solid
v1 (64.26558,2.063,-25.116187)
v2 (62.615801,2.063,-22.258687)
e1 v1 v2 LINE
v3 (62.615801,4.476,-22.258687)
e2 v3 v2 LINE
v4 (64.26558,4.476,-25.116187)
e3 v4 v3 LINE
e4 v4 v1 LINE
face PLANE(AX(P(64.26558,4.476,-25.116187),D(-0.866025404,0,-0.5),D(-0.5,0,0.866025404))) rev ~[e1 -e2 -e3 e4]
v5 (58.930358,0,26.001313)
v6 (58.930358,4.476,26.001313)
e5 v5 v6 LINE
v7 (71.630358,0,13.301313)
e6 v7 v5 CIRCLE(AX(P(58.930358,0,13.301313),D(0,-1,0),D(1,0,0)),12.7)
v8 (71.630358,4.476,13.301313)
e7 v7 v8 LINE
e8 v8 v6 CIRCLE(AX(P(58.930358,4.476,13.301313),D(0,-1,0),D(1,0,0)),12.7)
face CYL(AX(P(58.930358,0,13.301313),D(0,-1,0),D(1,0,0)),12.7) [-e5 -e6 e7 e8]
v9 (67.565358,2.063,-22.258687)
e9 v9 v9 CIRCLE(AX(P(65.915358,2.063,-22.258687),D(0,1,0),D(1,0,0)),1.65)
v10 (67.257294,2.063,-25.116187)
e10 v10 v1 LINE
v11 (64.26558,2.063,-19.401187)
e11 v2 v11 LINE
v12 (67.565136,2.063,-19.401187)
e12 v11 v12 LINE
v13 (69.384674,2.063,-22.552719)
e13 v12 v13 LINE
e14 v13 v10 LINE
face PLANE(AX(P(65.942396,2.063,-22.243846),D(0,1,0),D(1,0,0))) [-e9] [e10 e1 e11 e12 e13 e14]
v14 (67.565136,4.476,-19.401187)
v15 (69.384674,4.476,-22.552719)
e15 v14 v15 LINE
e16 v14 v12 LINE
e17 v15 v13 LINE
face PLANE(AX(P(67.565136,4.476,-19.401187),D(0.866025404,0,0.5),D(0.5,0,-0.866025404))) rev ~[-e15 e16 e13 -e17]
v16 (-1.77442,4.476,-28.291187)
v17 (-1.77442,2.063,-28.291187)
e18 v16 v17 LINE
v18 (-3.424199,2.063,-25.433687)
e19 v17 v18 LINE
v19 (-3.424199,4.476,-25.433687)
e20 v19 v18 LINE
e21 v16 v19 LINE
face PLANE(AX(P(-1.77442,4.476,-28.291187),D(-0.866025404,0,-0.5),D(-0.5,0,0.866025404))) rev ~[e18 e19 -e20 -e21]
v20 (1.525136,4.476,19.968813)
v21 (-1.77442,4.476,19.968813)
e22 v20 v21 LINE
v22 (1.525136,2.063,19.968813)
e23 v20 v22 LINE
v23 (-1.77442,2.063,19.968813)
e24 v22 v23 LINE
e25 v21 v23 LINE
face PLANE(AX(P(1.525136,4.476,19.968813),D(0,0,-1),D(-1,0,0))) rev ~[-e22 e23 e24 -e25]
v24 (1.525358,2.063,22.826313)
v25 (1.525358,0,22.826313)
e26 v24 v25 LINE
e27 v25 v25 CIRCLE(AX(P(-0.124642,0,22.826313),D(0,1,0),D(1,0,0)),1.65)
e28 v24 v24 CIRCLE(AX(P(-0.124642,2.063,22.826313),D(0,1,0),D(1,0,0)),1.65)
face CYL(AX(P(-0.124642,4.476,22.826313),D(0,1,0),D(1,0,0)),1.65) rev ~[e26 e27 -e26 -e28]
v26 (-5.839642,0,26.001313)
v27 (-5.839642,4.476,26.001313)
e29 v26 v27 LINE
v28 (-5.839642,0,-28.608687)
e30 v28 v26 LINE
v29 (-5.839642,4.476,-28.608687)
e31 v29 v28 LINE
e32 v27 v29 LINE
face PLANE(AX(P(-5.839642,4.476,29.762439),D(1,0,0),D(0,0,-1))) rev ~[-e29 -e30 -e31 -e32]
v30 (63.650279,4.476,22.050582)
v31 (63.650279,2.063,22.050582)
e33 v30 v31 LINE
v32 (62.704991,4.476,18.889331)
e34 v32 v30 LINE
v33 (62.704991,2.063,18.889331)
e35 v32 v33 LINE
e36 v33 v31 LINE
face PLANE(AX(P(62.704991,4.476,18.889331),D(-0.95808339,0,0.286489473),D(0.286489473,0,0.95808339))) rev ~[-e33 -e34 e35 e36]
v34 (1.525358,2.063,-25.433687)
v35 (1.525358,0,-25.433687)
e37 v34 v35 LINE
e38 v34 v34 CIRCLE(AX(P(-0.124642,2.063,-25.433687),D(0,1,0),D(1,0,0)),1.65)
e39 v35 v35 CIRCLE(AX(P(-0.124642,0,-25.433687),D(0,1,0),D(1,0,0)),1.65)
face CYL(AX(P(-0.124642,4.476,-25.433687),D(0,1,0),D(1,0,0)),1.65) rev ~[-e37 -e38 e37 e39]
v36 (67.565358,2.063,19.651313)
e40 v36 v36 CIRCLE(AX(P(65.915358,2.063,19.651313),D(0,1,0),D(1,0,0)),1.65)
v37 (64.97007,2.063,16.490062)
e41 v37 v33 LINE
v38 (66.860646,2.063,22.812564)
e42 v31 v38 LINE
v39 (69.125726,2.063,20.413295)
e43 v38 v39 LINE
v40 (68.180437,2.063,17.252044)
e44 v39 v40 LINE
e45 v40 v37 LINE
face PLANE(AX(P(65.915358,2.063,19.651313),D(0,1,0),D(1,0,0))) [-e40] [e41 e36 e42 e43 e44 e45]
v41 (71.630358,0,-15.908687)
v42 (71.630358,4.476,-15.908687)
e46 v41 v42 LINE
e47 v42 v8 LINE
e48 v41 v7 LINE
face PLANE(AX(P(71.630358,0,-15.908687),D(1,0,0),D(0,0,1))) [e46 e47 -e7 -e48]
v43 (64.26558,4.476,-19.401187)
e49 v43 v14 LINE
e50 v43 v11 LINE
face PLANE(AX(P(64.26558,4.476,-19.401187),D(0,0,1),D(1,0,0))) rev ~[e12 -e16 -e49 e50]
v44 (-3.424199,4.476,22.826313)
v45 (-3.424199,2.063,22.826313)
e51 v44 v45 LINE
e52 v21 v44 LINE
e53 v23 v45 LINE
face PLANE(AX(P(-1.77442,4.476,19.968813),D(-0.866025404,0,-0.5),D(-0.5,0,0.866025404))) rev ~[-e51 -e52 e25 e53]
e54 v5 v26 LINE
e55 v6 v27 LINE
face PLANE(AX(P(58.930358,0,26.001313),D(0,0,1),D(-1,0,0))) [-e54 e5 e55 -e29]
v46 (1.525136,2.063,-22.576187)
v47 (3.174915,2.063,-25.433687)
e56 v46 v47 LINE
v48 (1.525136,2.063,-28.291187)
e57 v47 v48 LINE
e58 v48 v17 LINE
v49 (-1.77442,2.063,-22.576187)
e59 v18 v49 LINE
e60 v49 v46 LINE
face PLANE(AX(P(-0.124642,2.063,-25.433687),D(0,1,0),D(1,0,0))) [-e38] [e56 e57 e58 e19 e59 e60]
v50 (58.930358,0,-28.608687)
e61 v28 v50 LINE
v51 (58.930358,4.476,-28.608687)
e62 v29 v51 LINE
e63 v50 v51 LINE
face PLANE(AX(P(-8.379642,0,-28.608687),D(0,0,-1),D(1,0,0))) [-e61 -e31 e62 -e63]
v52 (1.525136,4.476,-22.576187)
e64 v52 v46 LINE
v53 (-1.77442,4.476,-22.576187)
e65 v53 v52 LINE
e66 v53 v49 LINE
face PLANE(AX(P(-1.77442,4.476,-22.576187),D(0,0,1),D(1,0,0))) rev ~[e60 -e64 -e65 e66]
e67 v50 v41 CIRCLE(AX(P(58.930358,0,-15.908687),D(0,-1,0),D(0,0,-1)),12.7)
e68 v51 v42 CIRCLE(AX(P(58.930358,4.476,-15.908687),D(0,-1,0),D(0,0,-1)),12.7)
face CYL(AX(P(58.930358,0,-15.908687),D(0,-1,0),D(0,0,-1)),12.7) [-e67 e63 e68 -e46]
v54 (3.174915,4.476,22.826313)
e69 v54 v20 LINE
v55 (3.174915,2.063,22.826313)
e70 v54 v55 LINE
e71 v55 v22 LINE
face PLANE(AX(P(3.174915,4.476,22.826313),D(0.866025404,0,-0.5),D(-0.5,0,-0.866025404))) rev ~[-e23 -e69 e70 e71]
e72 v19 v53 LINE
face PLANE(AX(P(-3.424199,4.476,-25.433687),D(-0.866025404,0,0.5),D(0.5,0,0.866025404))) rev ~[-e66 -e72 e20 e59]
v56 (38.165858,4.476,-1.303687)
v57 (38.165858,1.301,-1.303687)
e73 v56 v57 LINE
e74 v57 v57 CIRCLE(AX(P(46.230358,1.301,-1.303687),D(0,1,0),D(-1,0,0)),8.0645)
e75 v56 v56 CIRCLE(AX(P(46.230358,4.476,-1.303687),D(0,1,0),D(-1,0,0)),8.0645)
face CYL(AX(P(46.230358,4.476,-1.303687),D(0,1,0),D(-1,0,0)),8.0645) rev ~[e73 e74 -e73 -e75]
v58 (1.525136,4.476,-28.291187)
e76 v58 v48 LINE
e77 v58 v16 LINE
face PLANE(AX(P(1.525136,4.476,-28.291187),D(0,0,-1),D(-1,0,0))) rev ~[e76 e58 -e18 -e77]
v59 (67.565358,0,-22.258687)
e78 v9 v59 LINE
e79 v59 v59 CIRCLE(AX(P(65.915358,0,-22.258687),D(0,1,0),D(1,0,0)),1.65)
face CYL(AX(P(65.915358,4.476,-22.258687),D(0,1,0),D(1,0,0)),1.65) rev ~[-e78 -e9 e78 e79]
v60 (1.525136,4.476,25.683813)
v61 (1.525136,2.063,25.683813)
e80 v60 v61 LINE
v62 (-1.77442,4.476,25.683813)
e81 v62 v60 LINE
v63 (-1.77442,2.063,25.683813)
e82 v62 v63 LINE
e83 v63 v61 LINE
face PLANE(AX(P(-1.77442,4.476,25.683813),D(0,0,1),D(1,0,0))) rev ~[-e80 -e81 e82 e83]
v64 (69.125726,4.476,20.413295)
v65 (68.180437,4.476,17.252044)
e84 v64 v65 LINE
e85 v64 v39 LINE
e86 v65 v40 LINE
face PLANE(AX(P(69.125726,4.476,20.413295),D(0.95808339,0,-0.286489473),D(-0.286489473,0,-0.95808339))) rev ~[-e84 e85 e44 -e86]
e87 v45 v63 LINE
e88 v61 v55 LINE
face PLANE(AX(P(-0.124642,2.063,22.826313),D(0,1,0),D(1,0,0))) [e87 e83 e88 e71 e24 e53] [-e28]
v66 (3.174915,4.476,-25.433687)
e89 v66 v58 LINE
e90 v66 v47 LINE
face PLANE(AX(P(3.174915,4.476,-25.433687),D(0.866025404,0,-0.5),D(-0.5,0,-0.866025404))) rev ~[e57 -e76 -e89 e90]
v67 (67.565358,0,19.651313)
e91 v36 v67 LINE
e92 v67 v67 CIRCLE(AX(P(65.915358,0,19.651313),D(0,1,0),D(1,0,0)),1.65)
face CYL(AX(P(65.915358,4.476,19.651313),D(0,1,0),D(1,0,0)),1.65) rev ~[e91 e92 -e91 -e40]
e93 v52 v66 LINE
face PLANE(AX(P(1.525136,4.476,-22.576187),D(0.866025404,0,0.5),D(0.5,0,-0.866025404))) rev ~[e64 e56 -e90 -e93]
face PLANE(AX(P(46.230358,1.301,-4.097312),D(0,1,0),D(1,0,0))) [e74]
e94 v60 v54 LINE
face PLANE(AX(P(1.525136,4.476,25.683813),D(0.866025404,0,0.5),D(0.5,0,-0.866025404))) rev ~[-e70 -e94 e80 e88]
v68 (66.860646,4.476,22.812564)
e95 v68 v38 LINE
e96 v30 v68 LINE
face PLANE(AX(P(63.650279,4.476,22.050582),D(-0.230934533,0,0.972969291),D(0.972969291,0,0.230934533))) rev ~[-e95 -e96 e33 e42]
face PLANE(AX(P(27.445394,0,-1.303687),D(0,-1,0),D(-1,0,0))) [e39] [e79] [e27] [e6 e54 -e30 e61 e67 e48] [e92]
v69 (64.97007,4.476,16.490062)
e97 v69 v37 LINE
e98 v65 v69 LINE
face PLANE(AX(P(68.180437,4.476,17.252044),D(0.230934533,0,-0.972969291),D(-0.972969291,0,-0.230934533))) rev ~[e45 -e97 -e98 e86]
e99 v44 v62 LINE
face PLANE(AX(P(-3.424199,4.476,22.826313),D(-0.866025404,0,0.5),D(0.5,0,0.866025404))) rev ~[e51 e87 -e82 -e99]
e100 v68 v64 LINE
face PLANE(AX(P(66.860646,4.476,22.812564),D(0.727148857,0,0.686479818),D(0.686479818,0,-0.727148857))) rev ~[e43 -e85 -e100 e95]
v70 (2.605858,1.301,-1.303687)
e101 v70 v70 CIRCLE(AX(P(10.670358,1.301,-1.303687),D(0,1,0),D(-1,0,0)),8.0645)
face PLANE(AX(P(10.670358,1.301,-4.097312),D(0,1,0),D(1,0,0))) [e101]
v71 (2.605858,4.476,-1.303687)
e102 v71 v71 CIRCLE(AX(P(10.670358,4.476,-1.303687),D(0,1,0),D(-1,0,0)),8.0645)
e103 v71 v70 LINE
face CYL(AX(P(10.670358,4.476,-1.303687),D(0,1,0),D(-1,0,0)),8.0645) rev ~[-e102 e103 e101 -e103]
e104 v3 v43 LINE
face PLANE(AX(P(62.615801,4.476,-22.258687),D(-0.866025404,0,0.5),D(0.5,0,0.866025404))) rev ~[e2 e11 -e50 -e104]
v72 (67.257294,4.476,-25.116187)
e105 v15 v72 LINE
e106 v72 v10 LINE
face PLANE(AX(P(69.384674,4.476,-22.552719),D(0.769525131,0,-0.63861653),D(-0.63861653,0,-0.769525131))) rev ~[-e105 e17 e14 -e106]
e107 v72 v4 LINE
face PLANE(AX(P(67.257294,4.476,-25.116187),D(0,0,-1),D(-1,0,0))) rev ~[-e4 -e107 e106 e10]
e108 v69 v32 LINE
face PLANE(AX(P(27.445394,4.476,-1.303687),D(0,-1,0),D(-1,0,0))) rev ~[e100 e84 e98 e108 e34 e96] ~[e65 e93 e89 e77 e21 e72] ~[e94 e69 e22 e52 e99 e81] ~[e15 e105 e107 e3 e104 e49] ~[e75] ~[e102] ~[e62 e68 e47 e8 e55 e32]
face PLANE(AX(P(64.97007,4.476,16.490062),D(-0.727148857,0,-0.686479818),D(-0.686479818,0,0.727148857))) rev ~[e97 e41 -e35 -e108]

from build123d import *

# Parameters (mm, degrees)
BOSS_EXTRUDE1_DEPTH = 4.476
CUT_EXTRUDE1_DEPTH  = 2.413
SKETCH4_R           = 1.65
CUT_EXTRUDE2_DEPTH  = 5.476
CUT_EXTRUDE3_DEPTH  = 3.175
SKETCH6_W           = 16.984037314
SKETCH6_H           = 62.559907231
CUT_EXTRUDE4_DEPTH  = 5.476


with BuildPart() as part:
    # Sketch1 → Boss-Extrude1 (new body)
    with BuildSketch(Plane(origin=(0, 0, 0), x_dir=(1, 0, 0), z_dir=(0, 1, 0))):
        with BuildLine():
            Line((-8.37964191, 28.608687003), (58.93035809, 28.608687003))
            ThreePointArc((58.93035809, 28.608687003), (67.910614211, 24.888943124), (71.63035809, 15.908687003))
            Line((71.63035809, 15.908687003), (71.63035809, -13.301312997))
            ThreePointArc((71.63035809, -13.301312997), (67.910614211, -22.281569118), (58.93035809, -26.001312997))
            Line((58.93035809, -26.001312997), (-8.37964191, -26.001312997))
            ThreePointArc((-8.37964191, -26.001312997), (-12.86976997, -24.141441058), (-14.72964191, -19.651312997))
            Line((-14.72964191, -19.651312997), (-14.72964191, 22.258687003))
            ThreePointArc((-14.72964191, 22.258687003), (-12.86976997, 26.748815063), (-8.37964191, 28.608687003))
        make_face()
    extrude(amount=BOSS_EXTRUDE1_DEPTH)

    # Sketch2 → Cut-Extrude1 (cut)
    with BuildSketch(Plane(origin=(0, 4.476, 0), x_dir=(1, 0, 0), z_dir=(0, 1, 0))):
        Polygon((64.265579696, 19.401187003), (67.565136484, 19.401187003), (69.384674475, 22.552719249), (67.257293816, 25.116187003), (64.265579696, 25.116187003), (62.615801302, 22.258687003), align=None)
        Polygon((69.12572552, -20.413294604), (68.180437233, -17.252044051), (64.970069804, -16.490062445), (62.704990661, -18.889331391), (63.650278947, -22.050581944), (66.860646377, -22.81256355), align=None)
        Polygon((-1.774420304, 22.576187003), (1.525136484, 22.576187003), (3.174914879, 25.433687003), (1.525136484, 28.291187003), (-1.774420304, 28.291187003), (-3.424198698, 25.433687003), align=None)
        Polygon((-1.774420304, -25.683812997), (1.525136484, -25.683812997), (3.174914879, -22.826312997), (1.525136484, -19.968812997), (-1.774420304, -19.968812997), (-3.424198698, -22.826312997), align=None)
    extrude(amount=-CUT_EXTRUDE1_DEPTH, mode=Mode.SUBTRACT)

    # Sketch4 → Cut-Extrude2 (cut, through all)
    with BuildSketch(Plane(origin=(0, 4.476, 0), x_dir=(1, 0, 0), z_dir=(0, 1, 0))):
        with Locations((-0.12464191, 25.433687003)):
            Circle(SKETCH4_R)
        with Locations((-0.12464191, -22.826312997)):
            Circle(SKETCH4_R)
        with Locations((65.91535809, -19.651312997)):
            Circle(SKETCH4_R)
        with Locations((65.91535809, 22.258687003)):
            Circle(SKETCH4_R)
    extrude(amount=-CUT_EXTRUDE2_DEPTH, mode=Mode.SUBTRACT)

    # Sketch5 → Cut-Extrude3 (cut)
    with BuildSketch(Plane(origin=(0, 4.476, 0), x_dir=(1, 0, 0), z_dir=(0, 1, 0))):
        with BuildLine():
            ThreePointArc((18.73485809, 1.303687003), (10.67035809, 9.368187003), (2.60585809, 1.303687003))
            Line((2.60585809, 1.303687003), (18.73485809, 1.303687003))
        make_face()
        with BuildLine():
            Line((18.73485809, 1.303687003), (2.60585809, 1.303687003))
            ThreePointArc((2.60585809, 1.303687003), (10.67035809, -6.760812997), (18.73485809, 1.303687003))
        make_face()
        with BuildLine():
            ThreePointArc((54.29485809, 1.303687003), (46.23035809, 9.368187003), (38.16585809, 1.303687003))
            Line((38.16585809, 1.303687003), (54.29485809, 1.303687003))
        make_face()
        with BuildLine():
            Line((54.29485809, 1.303687003), (38.16585809, 1.303687003))
            ThreePointArc((38.16585809, 1.303687003), (46.23035809, -6.760812997), (54.29485809, 1.303687003))
        make_face()
    extrude(amount=-CUT_EXTRUDE3_DEPTH, mode=Mode.SUBTRACT)

    # Sketch6 → Cut-Extrude4 (cut, through all)
    with BuildSketch(Plane(origin=(0, 4.476, 0), x_dir=(1, 0, 0), z_dir=(0, 1, 0))):
        with Locations((-14.331660567, 1.51751481)):
            Rectangle(SKETCH6_W, SKETCH6_H)
    extrude(amount=-CUT_EXTRUDE4_DEPTH, mode=Mode.SUBTRACT)


solid = part.part
